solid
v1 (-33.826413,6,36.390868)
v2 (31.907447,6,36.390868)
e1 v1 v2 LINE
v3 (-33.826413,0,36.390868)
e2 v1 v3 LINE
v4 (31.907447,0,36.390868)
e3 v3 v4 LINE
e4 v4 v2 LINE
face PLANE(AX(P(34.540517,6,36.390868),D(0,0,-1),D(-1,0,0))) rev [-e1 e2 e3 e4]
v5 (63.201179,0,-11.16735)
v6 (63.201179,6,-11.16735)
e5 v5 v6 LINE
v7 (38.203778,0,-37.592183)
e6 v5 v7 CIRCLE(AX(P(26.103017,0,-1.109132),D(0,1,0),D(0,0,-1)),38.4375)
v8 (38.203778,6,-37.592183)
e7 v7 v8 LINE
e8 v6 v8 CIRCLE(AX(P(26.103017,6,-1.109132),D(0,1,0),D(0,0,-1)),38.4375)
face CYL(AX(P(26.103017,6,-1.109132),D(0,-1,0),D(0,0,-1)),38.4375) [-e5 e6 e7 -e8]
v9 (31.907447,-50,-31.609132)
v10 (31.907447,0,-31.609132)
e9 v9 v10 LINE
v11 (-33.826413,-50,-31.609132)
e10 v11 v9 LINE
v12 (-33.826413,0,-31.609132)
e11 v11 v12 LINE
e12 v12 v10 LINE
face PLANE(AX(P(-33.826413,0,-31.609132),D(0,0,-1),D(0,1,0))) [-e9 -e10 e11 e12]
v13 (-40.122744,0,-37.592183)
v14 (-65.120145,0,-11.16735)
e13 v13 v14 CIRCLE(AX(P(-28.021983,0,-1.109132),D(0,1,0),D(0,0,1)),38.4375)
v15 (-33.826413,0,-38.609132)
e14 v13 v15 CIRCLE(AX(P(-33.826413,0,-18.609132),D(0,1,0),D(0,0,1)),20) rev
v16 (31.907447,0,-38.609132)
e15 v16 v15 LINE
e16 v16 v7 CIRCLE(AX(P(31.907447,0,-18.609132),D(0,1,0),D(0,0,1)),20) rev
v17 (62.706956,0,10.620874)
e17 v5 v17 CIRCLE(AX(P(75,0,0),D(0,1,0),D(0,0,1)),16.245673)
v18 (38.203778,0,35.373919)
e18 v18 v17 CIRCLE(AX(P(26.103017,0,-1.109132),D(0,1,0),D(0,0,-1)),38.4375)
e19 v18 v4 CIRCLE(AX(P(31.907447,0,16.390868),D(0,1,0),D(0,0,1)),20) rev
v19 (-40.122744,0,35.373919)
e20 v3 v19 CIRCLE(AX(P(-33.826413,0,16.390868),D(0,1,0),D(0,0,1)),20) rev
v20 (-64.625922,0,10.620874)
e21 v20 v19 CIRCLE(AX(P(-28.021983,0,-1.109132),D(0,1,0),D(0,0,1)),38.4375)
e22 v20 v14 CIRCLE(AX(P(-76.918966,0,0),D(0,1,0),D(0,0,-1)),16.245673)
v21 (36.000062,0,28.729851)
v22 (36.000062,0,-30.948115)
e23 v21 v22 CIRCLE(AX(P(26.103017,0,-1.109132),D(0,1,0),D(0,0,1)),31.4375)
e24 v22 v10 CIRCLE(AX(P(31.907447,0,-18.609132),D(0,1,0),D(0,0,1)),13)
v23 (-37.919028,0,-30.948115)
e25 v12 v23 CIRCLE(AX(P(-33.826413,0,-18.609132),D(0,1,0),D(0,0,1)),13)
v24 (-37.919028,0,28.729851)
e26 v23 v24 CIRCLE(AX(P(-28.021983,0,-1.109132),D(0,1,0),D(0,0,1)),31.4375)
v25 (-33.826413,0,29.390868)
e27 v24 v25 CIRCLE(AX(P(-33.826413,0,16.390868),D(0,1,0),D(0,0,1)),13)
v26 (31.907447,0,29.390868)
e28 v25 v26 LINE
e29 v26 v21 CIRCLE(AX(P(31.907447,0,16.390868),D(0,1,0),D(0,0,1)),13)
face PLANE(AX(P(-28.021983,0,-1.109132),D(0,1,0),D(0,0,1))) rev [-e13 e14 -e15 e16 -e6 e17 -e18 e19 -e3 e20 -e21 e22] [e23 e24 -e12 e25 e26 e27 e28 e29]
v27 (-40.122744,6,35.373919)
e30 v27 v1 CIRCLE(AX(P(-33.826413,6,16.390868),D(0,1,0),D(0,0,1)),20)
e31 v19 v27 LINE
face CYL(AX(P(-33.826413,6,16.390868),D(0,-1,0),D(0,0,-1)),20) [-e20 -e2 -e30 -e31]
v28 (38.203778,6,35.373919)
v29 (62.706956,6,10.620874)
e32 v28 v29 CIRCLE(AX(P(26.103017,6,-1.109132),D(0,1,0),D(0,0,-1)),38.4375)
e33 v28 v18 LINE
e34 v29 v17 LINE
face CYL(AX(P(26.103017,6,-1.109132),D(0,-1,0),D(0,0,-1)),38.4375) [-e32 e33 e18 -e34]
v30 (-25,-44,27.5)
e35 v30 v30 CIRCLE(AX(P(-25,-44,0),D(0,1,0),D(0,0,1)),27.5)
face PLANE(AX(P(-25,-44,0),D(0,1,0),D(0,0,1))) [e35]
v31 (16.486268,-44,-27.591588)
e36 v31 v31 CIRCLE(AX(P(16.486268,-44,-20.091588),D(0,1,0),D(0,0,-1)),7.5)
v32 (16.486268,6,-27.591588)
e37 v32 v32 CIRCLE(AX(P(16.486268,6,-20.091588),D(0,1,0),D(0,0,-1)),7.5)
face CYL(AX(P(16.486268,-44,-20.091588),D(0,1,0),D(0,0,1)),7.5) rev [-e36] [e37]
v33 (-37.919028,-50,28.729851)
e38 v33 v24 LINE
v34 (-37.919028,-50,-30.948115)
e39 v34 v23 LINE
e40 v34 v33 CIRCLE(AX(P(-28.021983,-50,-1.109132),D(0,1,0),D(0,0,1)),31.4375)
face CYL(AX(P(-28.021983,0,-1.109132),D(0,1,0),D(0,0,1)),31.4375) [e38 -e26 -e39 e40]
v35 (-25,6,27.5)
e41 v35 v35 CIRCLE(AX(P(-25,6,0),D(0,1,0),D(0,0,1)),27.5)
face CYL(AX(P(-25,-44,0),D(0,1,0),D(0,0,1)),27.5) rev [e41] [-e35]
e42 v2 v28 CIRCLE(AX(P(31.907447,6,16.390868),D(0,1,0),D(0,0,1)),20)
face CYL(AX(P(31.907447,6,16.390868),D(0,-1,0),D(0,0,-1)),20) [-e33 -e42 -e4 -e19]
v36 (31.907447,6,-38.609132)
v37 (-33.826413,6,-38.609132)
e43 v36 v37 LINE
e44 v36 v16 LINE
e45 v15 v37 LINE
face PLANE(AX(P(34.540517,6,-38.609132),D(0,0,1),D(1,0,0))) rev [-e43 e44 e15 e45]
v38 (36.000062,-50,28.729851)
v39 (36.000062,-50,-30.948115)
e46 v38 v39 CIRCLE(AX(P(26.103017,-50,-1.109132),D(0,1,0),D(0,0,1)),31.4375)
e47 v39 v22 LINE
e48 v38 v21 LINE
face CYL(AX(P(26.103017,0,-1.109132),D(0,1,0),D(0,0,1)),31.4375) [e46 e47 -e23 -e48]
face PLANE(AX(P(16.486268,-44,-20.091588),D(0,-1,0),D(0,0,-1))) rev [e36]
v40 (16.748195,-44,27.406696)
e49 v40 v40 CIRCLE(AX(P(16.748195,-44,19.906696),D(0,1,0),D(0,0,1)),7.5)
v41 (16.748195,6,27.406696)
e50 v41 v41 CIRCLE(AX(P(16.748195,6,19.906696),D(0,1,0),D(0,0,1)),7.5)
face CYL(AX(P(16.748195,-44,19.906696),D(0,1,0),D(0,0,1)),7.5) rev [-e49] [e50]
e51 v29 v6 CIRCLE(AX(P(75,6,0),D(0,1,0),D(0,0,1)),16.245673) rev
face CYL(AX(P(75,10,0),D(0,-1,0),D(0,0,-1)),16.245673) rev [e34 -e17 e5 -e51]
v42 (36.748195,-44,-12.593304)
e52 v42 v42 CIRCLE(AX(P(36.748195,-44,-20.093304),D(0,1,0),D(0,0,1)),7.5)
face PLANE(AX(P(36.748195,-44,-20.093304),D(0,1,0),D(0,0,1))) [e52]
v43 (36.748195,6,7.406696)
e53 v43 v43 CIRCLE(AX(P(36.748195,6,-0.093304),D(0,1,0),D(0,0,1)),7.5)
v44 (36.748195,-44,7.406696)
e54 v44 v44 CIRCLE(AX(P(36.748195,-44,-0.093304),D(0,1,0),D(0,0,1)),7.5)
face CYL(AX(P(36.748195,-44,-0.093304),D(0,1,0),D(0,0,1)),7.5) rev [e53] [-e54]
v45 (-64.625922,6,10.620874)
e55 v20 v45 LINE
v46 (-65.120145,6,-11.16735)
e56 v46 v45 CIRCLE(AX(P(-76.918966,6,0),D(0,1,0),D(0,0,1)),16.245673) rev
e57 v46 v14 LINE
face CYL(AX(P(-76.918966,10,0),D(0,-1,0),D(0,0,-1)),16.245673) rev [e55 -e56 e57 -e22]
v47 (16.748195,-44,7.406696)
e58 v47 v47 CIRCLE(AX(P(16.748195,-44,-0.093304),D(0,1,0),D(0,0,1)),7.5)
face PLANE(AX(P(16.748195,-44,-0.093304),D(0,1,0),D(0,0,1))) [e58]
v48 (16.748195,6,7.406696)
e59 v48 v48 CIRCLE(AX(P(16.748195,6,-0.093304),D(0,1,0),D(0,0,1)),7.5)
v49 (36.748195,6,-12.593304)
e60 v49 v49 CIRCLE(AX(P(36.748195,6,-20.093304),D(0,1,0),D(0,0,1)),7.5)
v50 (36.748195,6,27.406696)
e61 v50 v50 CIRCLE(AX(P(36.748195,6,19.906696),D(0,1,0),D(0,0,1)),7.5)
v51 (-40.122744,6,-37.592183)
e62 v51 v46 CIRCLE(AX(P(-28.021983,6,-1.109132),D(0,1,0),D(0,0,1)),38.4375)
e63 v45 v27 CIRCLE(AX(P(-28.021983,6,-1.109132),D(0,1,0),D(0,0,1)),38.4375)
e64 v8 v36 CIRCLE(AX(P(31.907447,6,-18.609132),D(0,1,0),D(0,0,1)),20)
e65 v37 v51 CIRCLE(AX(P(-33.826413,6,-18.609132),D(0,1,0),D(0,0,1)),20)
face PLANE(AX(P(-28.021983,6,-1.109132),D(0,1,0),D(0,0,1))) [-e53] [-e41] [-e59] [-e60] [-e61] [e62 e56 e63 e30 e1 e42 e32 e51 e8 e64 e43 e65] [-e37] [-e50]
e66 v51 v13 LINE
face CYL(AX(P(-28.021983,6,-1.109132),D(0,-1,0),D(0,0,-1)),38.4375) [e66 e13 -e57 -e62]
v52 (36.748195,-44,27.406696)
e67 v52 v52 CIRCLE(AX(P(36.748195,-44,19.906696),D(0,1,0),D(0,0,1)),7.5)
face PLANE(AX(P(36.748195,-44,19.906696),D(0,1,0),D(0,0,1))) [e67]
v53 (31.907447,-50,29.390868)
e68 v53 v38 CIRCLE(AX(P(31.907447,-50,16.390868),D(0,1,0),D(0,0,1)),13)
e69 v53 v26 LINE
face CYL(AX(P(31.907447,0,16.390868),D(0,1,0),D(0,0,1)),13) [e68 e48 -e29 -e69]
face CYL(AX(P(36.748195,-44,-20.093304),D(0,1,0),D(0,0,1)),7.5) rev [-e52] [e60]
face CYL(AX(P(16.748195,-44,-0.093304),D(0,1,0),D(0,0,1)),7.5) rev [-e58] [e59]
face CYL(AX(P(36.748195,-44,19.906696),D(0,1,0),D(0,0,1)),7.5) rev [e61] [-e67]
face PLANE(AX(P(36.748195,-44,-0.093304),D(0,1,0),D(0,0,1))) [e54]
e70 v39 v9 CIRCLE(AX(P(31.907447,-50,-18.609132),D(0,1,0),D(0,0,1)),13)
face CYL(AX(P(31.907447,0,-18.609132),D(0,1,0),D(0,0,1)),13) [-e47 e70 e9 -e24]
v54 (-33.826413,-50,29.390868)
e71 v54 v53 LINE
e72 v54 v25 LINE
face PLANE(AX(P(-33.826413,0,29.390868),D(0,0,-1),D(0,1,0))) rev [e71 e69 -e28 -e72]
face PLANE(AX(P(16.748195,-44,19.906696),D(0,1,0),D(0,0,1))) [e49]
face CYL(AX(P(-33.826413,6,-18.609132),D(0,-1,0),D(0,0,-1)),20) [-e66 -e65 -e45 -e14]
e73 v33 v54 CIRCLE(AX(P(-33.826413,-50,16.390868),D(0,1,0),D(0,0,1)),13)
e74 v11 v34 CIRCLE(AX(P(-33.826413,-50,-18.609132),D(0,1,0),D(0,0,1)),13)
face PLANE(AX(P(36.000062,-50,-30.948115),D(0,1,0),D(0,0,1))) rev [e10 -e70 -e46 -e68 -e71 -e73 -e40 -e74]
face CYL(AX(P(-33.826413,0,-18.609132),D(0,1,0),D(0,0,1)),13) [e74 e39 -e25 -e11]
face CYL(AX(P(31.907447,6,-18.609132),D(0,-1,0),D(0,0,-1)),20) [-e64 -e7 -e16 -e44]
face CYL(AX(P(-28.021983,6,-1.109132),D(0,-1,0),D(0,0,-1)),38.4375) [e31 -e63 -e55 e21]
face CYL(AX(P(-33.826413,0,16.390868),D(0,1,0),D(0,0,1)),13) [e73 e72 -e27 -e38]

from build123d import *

# Parameters (mm, degrees)
BOSS_EXTRUDE1_DEPTH = 6
FILLET1_R           = 20
SKETCH4_W           = 3
SKETCH4_H           = 50
SKETCH6_R           = 16.245672788
CUT_EXTRUDE1_DEPTH  = 10
BOSS_EXTRUDE2_DEPTH = 3
CUT_EXTRUDE2_DEPTH  = 44
BOSS_EXTRUDE3_DEPTH = 53
SKETCH11_R          = 27.5
SKETCH11_R_2        = 7.5
CUT_EXTRUDE4_DEPTH  = 50


with BuildPart() as part:
    # Sketch1 → Boss-Extrude1 (new body)
    with BuildSketch(Plane(origin=(0, 0, 0), x_dir=(1, 0, 0), z_dir=(0, 1, 0))):
        with BuildLine():
            Line((34.540516942, 38.609131748), (-36.459483058, 38.609131748))
            ThreePointArc((-36.459483058, 38.609131748), (-66.459483058, 1.109131748), (-36.459483058, -36.390868252))
            Line((-36.459483058, -36.390868252), (34.540516942, -36.390868252))
            ThreePointArc((34.540516942, -36.390868252), (64.540516942, 1.109131748), (34.540516942, 38.609131748))
        make_face()
    extrude(amount=BOSS_EXTRUDE1_DEPTH)

    # Fillet1
    fillet1_edges = [part.edges().sort_by_distance(p)[0] for p in [
        (-36.459483058, 3, -38.609131748),
        (34.540516942, 3, -38.609131748),
        (34.540516942, 3, 36.390868252),
        (-36.459483058, 3, 36.390868252),
    ]]
    fillet(fillet1_edges, radius=FILLET1_R)

    # Sweep1: sweep along a path in Sketch3
    with BuildLine(Plane.XZ) as sweep1_path:
        Line((31.907446823, 29.390868252), (-33.82641294, 29.390868252))
        ThreePointArc((-33.82641294, 29.390868252), (-35.899239553, 29.224550102), (-37.919027907, 28.729851303))
        ThreePointArc((-37.919027907, 28.729851303), (-59.459483058, -1.109131748), (-37.919027907, -30.948114799))
        ThreePointArc((-37.919027907, -30.948114799), (-35.899239553, -31.442813598), (-33.82641294, -31.609131748))
        Line((-33.82641294, -31.609131748), (31.907446823, -31.609131748))
        ThreePointArc((31.907446823, -31.609131748), (33.980273437, -31.442813598), (36.000061791, -30.948114799))
        ThreePointArc((36.000061791, -30.948114799), (57.540516942, -1.109131748), (36.000061791, 28.729851303))
        ThreePointArc((36.000061791, 28.729851303), (33.980273437, 29.224550102), (31.907446823, 29.390868252))
    # Sketch4 → Sweep1 (sweep)
    with BuildSketch(Plane(origin=(31.907446823, 0, -31.609131748), x_dir=(0, 0, -1), z_dir=(1, 0, 0))):
        with Locations((-1.5, -25)):
            Rectangle(SKETCH4_W, SKETCH4_H)
    sweep(path=sweep1_path.line)

    # Sketch6 → Cut-Extrude1 (cut)
    with BuildSketch(Plane(origin=(0, 0, 0), x_dir=(1, 0, 0), z_dir=(0, 1, 0))):
        with Locations((75, 0)):
            Circle(SKETCH6_R)
        with Locations((-76.918966117, 0)):
            Circle(SKETCH6_R)
    extrude(amount=CUT_EXTRUDE1_DEPTH, mode=Mode.SUBTRACT)

    # Sketch7 → Boss-Extrude2 (add)
    with BuildSketch(Plane.XZ.offset(50)):
        with BuildLine():
            Line((31.907446823, 26.390868252), (-33.82641294, 26.390868252))
            ThreePointArc((-33.82641294, 26.390868252), (-35.42089495, 26.262931214), (-36.974578299, 25.882393676))
            ThreePointArc((-36.974578299, 25.882393676), (-56.459483058, -1.109131748), (-36.974578299, -28.100657171))
            ThreePointArc((-36.974578299, -28.100657171), (-35.42089495, -28.481194709), (-33.82641294, -28.609131748))
            Line((-33.82641294, -28.609131748), (31.907446823, -28.609131748))
            ThreePointArc((31.907446823, -28.609131748), (33.501928834, -28.481194709), (35.055612183, -28.100657171))
            ThreePointArc((35.055612183, -28.100657171), (54.540516942, -1.109131748), (35.055612183, 25.882393676))
            ThreePointArc((35.055612183, 25.882393676), (33.501928834, 26.262931214), (31.907446823, 26.390868252))
        make_face()
    extrude(amount=-BOSS_EXTRUDE2_DEPTH)

    # Sketch9 → Cut-Extrude2 (cut)
    with BuildSketch(Plane.XZ):
        with BuildLine():
            Line((-33.82641294, -28.609131748), (31.907446823, -28.609131748))
            ThreePointArc((31.907446823, -28.609131748), (33.501928834, -28.481194709), (35.055612183, -28.100657171))
            ThreePointArc((35.055612183, -28.100657171), (54.540516942, -1.109131748), (35.055612183, 25.882393676))
            ThreePointArc((35.055612183, 25.882393676), (33.501928834, 26.262931214), (31.907446823, 26.390868252))
            Line((31.907446823, 26.390868252), (-33.82641294, 26.390868252))
            ThreePointArc((-33.82641294, 26.390868252), (-35.42089495, 26.262931214), (-36.974578299, 25.882393676))
            ThreePointArc((-36.974578299, 25.882393676), (-56.459483058, -1.109131748), (-36.974578299, -28.100657171))
            ThreePointArc((-36.974578299, -28.100657171), (-35.42089495, -28.481194709), (-33.82641294, -28.609131748))
        make_face()
    extrude(amount=-CUT_EXTRUDE2_DEPTH, mode=Mode.SUBTRACT)

    # Sketch10 → Boss-Extrude3 (add)
    with BuildSketch(Plane(origin=(0, -47, 0), x_dir=(1, 0, 0), z_dir=(0, 1, 0))):
        with BuildLine():
            Line((31.907446823, 28.609131748), (-33.82641294, 28.609131748))
            ThreePointArc((-33.82641294, 28.609131748), (-35.42089495, 28.481194709), (-36.974578299, 28.100657171))
            ThreePointArc((-36.974578299, 28.100657171), (-56.459483058, 1.109131748), (-36.974578299, -25.882393676))
            ThreePointArc((-36.974578299, -25.882393676), (-35.42089495, -26.262931214), (-33.82641294, -26.390868252))
            Line((-33.82641294, -26.390868252), (31.907446823, -26.390868252))
            ThreePointArc((31.907446823, -26.390868252), (33.501928834, -26.262931214), (35.055612183, -25.882393676))
            ThreePointArc((35.055612183, -25.882393676), (54.540516942, 1.109131748), (35.055612183, 28.100657171))
            ThreePointArc((35.055612183, 28.100657171), (33.501928834, 28.481194709), (31.907446823, 28.609131748))
        make_face()
    extrude(amount=BOSS_EXTRUDE3_DEPTH)

    # Sketch11 → Cut-Extrude4 (cut)
    with BuildSketch(Plane(origin=(0, 6, 0), x_dir=(1, 0, 0), z_dir=(0, 1, 0))):
        with Locations(Location((-25, 0, 0), (0, 0, 270))):
            Circle(SKETCH11_R)
        with Locations(Location((16.748195248, 0.093303674, 0), (0, 0, 270))):
            Circle(SKETCH11_R_2)
        with Locations(Location((16.748195248, -19.906696326, 0), (0, 0, 270))):
            Circle(SKETCH11_R_2)
        with Locations(Location((16.486268254, 20.091588457, 0), (0, 0, 90))):
            Circle(SKETCH11_R_2)
        with Locations(Location((36.748195248, 0.093303674, 0), (0, 0, 270))):
            Circle(SKETCH11_R_2)
        with Locations(Location((36.748195248, -19.906696326, 0), (0, 0, 270))):
            Circle(SKETCH11_R_2)
        with Locations(Location((36.748195248, 20.093303674, 0), (0, 0, 270))):
            Circle(SKETCH11_R_2)
    extrude(amount=-CUT_EXTRUDE4_DEPTH, mode=Mode.SUBTRACT)


solid = part.part
